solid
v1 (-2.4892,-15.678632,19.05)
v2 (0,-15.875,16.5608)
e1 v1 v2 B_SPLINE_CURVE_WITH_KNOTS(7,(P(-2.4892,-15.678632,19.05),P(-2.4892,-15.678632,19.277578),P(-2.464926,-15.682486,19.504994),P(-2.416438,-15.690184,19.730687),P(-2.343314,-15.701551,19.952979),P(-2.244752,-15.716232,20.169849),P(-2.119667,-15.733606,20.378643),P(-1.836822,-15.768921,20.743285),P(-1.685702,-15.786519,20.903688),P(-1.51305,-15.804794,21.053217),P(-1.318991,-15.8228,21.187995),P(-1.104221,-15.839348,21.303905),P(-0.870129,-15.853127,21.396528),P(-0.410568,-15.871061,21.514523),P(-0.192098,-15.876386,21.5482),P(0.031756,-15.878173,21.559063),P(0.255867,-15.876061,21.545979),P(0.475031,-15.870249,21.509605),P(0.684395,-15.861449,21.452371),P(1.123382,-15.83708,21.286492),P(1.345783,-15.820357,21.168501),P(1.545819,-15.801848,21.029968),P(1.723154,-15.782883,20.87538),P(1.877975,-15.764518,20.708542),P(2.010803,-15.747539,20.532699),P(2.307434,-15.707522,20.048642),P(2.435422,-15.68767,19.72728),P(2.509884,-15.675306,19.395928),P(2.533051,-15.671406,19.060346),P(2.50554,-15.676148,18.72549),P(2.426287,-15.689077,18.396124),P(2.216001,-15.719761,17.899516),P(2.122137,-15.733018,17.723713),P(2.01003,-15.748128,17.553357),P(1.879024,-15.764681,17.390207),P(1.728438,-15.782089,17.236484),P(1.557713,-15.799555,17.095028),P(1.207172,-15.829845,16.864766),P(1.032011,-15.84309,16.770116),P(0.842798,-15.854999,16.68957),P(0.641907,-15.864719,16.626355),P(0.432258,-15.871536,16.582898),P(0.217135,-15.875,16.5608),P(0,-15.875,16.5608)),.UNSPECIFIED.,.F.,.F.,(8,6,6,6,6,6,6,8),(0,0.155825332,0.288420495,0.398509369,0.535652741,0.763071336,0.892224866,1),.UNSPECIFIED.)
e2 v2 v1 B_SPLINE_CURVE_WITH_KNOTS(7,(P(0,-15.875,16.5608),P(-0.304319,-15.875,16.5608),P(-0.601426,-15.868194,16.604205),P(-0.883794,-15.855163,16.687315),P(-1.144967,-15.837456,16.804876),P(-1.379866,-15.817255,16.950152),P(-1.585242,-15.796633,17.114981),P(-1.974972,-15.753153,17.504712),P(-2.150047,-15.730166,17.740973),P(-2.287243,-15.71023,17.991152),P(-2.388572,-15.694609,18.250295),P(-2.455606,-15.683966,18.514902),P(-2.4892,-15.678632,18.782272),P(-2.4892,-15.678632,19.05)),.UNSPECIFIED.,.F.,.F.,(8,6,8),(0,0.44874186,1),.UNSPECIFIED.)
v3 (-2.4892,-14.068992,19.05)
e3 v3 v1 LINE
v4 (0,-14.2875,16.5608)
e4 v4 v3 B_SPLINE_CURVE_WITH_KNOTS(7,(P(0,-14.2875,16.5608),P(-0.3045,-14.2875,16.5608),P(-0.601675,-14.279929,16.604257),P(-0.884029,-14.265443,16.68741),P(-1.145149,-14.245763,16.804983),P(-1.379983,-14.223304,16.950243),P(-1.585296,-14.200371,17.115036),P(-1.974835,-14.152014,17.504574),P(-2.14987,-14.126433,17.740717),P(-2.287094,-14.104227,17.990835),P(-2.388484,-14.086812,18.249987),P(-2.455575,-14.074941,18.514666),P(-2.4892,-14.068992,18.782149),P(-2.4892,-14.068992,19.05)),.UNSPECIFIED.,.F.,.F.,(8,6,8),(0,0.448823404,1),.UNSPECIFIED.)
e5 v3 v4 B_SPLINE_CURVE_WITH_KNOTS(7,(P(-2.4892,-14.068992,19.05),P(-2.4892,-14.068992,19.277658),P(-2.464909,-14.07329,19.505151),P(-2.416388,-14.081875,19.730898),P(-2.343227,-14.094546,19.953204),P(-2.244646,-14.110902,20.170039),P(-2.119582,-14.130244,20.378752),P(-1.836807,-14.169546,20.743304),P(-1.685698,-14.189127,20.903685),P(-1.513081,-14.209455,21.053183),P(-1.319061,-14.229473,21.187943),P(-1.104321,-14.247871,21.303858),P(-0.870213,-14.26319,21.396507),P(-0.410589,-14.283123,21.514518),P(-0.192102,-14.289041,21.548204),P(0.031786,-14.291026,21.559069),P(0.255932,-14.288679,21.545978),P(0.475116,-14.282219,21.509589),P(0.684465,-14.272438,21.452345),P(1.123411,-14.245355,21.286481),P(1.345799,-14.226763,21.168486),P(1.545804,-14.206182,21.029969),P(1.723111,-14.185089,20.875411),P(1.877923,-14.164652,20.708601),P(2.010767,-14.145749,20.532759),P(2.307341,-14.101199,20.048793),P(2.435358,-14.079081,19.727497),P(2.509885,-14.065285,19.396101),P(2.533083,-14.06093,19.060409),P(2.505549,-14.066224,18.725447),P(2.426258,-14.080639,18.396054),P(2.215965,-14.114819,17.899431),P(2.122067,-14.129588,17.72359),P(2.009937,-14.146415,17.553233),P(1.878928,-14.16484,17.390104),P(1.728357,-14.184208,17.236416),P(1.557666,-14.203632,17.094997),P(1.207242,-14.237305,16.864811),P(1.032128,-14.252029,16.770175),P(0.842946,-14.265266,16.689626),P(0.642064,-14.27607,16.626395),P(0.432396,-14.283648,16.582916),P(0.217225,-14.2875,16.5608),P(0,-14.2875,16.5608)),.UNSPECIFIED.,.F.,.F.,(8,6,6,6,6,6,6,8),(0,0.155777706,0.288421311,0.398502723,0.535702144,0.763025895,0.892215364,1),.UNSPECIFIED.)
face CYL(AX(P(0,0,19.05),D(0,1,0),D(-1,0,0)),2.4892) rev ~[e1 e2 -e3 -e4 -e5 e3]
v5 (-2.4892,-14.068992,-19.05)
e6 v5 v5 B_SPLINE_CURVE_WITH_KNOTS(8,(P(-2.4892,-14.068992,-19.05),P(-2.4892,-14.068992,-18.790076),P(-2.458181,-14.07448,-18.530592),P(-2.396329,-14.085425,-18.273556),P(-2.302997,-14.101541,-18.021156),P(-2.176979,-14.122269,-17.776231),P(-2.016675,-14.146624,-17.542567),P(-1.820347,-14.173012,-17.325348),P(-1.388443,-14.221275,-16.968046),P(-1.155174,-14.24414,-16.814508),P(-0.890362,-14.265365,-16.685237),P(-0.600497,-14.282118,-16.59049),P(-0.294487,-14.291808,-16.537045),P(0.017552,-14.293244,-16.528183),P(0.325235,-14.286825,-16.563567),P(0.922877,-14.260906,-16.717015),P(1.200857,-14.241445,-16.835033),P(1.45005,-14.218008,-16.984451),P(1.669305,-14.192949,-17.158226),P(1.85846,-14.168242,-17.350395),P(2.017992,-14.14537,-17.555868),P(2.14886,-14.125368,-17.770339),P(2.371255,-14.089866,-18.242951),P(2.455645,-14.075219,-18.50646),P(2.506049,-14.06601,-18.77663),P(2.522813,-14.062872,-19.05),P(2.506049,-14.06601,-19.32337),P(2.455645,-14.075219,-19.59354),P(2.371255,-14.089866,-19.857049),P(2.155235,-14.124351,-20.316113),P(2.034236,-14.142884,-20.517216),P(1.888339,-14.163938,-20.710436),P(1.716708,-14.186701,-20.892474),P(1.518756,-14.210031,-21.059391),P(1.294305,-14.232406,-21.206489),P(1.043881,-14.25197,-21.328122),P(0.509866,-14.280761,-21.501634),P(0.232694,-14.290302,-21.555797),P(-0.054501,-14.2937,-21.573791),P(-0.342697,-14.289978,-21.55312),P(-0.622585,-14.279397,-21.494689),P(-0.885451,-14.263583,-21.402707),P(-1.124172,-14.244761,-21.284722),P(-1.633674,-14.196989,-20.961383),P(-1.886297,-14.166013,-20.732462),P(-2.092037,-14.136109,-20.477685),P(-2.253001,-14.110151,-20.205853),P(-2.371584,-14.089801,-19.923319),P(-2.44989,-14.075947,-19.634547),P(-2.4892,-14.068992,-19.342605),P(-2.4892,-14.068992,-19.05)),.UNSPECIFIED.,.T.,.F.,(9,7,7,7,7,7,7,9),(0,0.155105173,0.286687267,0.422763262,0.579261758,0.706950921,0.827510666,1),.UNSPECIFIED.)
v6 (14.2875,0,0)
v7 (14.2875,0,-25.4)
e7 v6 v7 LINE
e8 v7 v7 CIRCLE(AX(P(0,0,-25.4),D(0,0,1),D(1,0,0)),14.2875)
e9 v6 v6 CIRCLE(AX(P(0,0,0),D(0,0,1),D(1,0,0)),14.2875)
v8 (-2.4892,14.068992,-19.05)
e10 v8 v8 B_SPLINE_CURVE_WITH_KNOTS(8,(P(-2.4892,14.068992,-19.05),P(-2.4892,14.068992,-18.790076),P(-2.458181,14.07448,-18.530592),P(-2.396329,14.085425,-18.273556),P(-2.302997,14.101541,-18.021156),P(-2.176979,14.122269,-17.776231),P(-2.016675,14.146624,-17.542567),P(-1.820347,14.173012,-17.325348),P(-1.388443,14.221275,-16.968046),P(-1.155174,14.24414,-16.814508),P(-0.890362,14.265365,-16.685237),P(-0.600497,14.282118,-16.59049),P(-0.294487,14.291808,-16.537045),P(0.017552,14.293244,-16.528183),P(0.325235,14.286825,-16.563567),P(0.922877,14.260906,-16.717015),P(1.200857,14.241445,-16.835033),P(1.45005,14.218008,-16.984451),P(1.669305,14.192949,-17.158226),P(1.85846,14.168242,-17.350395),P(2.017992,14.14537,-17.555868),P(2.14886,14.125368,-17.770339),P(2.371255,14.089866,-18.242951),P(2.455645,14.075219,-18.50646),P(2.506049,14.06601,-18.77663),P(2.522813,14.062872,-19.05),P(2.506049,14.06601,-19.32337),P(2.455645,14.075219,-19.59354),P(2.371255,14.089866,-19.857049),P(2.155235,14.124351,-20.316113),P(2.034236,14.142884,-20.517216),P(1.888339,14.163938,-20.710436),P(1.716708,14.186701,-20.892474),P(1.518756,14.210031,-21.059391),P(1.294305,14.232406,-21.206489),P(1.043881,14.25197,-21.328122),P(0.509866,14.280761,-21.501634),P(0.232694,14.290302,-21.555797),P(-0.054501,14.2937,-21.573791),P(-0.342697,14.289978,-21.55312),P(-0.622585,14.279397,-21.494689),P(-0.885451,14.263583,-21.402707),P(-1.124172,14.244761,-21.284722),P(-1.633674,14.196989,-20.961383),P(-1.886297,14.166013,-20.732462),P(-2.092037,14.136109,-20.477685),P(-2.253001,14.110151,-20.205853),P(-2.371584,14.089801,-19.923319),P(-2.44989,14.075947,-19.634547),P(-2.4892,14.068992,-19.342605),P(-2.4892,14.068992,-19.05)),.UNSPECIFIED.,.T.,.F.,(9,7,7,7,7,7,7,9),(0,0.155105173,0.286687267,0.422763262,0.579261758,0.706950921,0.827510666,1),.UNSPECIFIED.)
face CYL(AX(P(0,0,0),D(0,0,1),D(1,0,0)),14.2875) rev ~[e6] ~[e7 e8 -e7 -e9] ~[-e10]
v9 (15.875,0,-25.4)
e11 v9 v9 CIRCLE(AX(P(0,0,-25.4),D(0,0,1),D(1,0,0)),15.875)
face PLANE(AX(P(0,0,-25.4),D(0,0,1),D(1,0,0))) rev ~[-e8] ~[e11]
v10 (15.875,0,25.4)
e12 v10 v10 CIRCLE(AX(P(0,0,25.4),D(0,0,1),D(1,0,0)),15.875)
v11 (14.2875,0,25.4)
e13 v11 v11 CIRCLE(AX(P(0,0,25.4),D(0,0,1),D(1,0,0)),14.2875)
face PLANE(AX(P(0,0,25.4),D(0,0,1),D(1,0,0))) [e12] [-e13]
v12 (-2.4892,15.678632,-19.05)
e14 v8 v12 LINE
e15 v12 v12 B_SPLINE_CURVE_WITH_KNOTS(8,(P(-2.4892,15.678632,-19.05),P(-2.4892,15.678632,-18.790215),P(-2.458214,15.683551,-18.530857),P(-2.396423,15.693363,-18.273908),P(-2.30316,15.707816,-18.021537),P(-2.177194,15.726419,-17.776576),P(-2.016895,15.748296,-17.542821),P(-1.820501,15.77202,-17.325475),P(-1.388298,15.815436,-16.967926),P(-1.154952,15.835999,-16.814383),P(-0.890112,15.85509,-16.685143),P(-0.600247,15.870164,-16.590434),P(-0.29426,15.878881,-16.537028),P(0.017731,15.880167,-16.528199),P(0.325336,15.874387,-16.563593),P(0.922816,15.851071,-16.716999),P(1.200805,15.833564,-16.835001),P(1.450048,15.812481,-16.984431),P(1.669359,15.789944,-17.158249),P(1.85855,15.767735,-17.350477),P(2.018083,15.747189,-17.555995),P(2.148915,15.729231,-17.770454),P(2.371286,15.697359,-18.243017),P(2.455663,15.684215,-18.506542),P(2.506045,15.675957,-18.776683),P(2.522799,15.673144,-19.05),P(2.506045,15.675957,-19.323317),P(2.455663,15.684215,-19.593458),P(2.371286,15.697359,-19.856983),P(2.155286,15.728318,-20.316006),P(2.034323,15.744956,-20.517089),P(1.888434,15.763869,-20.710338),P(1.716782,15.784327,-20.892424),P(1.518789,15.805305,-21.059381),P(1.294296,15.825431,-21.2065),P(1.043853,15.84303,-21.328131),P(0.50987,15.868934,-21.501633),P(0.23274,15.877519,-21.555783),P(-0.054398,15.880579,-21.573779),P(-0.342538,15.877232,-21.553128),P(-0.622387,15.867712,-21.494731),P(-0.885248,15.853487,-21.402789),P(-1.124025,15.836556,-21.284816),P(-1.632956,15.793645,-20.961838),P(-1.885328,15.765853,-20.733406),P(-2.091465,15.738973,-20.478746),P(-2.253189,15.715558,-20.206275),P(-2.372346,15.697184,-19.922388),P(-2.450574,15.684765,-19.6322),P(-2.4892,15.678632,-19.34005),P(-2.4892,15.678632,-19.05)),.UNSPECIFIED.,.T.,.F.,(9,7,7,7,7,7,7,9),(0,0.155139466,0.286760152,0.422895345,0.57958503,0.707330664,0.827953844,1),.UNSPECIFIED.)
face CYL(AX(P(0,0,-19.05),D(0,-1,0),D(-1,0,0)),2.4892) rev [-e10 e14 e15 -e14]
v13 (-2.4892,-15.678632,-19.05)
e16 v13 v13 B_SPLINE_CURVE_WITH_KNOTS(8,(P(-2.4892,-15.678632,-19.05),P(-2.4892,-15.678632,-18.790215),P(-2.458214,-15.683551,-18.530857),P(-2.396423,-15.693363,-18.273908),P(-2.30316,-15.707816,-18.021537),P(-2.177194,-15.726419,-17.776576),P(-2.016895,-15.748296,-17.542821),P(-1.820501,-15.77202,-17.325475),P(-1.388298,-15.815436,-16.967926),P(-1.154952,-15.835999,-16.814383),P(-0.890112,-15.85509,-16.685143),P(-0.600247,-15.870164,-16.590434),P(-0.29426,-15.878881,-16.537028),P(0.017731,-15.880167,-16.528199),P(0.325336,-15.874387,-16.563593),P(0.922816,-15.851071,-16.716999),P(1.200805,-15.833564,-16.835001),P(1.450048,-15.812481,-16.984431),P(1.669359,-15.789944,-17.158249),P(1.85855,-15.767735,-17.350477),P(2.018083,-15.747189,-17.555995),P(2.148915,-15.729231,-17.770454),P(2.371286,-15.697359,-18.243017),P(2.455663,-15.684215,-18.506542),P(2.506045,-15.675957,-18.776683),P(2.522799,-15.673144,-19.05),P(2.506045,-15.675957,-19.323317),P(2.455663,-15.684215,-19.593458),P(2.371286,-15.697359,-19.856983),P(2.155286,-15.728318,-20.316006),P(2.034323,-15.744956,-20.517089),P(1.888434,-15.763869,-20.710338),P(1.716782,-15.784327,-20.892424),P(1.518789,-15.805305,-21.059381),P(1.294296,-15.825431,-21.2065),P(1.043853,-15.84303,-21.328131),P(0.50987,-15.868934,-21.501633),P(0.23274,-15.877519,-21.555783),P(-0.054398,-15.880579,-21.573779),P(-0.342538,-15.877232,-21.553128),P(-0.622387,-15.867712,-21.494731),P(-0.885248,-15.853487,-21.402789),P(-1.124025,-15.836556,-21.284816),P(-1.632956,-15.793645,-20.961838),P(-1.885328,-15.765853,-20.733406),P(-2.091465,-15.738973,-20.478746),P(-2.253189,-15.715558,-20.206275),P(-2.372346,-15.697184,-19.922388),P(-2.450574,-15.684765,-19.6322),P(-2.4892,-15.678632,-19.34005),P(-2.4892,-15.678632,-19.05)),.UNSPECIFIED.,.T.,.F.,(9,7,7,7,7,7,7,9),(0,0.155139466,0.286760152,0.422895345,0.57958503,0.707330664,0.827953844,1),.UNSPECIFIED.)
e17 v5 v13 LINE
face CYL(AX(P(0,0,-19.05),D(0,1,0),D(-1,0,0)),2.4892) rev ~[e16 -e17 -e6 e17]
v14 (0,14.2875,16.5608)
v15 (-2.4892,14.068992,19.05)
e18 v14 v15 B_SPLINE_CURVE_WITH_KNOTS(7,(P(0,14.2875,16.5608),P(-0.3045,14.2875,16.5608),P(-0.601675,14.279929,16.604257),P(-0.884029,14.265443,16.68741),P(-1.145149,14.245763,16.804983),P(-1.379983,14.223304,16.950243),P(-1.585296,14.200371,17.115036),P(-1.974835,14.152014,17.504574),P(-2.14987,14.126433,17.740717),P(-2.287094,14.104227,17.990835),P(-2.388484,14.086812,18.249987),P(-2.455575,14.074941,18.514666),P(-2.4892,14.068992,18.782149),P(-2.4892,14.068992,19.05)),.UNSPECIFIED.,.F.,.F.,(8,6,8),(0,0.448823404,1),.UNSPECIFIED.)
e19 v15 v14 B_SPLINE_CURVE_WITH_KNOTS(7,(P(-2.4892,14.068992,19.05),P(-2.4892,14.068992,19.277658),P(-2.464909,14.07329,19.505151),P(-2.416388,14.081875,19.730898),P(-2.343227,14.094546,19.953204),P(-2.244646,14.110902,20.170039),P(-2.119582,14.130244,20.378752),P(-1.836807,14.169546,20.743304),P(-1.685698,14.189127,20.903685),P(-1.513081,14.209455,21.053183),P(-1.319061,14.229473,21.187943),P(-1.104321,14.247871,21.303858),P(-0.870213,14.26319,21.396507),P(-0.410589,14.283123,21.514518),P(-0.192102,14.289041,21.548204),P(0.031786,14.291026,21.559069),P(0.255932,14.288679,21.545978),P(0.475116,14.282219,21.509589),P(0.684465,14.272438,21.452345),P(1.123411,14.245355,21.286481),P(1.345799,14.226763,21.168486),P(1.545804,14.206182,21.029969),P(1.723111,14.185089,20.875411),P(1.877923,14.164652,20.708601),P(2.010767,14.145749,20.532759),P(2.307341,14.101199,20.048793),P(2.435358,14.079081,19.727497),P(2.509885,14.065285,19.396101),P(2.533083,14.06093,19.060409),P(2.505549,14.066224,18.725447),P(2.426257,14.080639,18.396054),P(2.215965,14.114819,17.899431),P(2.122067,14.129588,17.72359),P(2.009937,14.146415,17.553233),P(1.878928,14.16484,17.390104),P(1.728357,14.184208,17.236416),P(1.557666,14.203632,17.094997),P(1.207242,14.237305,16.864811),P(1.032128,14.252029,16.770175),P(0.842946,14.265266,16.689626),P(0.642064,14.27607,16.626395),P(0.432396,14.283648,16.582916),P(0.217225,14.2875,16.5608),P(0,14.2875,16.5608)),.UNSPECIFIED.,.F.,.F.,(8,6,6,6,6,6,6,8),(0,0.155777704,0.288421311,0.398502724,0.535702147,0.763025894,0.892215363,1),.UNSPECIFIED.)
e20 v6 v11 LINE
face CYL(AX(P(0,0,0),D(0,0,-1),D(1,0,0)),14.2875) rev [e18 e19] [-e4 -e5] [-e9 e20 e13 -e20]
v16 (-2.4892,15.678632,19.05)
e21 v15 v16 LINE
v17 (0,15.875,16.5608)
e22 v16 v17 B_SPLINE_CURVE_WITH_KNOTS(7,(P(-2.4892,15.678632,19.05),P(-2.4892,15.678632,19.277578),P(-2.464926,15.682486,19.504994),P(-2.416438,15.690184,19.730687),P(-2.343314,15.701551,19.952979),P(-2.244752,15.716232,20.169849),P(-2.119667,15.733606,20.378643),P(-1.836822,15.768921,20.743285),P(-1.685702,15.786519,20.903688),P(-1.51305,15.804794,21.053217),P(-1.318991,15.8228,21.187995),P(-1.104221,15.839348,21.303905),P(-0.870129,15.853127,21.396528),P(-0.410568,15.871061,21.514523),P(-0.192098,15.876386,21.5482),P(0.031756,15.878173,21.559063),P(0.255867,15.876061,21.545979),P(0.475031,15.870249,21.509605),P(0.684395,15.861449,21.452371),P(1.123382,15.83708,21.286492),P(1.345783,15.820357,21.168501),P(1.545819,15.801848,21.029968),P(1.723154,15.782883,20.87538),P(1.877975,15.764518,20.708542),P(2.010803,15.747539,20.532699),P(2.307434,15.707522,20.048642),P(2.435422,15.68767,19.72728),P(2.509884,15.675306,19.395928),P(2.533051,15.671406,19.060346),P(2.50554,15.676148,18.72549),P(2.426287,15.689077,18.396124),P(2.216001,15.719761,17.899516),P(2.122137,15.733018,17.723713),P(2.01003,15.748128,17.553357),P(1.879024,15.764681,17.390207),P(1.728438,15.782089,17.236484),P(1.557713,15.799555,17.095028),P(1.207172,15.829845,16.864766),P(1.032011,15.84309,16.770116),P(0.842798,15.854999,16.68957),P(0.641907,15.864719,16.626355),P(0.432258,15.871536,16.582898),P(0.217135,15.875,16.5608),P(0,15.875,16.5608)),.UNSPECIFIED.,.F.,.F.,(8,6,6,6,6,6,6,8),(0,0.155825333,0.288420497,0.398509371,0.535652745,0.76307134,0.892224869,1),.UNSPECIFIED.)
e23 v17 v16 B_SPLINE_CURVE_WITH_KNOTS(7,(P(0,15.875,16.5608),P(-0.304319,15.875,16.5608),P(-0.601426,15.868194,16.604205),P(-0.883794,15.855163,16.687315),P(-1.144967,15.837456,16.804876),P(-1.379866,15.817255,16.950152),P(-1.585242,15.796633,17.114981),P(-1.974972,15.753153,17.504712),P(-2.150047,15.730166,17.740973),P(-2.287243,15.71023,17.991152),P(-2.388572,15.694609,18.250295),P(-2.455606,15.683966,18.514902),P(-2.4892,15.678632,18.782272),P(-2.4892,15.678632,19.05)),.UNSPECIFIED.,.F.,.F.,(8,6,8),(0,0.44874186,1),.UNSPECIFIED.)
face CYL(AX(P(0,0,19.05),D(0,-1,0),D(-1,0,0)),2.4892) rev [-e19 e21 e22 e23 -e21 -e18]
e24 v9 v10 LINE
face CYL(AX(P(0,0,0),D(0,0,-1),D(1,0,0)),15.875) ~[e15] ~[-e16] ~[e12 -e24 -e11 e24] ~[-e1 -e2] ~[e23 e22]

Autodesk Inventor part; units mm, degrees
ref_plane "YZ Plane" through (0, 0, 0) normal (1, 0, 0) x (0, 1, 0)
ref_plane "XZ Plane" through (0, 0, 0) normal (0, 1, 0) x (-1, 0, 0)
ref_plane "XY Plane" through (0, 0, 0) normal (0, 0, 1) x (1, 0, 0)
sketch "Sketch16" plane through (0, 0, 0) normal (0, 0, 1) x (1, 0, 0)
  circle A0 centre (0, 0) radius 14.2875
  circle A1 centre (0, 0) radius 15.875
  dimension "d197" = 28.575
  dimension "d198" = 31.75
extrude "Extrusion1" add sketch "Sketch16" along normal mid plane 50.8
sketch "Sketch17" plane through (0, 0, 0) normal (0, 1, 0) x (-1, 0, 0)
  line L0 (-15.875, -25.4) -> (15.875, -25.4) projected
  line L1 (0, 0) -> (0, 19.05)
  circle A0 centre (0, 19.05) radius 2.4892
  line L2 (15.875, 25.4) -> (-15.875, 25.4) projected
  line L3 (-22.225, 0) -> (22.225, 0) projected
  circle A1 centre (0, -19.05) radius 2.4892
  point P0 (15.875, -25.4)
  dimension "d202" = 4.9784
  dimension "d205" = 6.35
extrude "Extrusion2" cut sketch "Sketch17" along normal mid plane 50.8 contours A0
extrude "Extrusion3" cut sketch "Sketch17" along normal mid plane 50.8 contours A1
properties part number "VersaRollerTestPart" material "Aluminum 6061"
